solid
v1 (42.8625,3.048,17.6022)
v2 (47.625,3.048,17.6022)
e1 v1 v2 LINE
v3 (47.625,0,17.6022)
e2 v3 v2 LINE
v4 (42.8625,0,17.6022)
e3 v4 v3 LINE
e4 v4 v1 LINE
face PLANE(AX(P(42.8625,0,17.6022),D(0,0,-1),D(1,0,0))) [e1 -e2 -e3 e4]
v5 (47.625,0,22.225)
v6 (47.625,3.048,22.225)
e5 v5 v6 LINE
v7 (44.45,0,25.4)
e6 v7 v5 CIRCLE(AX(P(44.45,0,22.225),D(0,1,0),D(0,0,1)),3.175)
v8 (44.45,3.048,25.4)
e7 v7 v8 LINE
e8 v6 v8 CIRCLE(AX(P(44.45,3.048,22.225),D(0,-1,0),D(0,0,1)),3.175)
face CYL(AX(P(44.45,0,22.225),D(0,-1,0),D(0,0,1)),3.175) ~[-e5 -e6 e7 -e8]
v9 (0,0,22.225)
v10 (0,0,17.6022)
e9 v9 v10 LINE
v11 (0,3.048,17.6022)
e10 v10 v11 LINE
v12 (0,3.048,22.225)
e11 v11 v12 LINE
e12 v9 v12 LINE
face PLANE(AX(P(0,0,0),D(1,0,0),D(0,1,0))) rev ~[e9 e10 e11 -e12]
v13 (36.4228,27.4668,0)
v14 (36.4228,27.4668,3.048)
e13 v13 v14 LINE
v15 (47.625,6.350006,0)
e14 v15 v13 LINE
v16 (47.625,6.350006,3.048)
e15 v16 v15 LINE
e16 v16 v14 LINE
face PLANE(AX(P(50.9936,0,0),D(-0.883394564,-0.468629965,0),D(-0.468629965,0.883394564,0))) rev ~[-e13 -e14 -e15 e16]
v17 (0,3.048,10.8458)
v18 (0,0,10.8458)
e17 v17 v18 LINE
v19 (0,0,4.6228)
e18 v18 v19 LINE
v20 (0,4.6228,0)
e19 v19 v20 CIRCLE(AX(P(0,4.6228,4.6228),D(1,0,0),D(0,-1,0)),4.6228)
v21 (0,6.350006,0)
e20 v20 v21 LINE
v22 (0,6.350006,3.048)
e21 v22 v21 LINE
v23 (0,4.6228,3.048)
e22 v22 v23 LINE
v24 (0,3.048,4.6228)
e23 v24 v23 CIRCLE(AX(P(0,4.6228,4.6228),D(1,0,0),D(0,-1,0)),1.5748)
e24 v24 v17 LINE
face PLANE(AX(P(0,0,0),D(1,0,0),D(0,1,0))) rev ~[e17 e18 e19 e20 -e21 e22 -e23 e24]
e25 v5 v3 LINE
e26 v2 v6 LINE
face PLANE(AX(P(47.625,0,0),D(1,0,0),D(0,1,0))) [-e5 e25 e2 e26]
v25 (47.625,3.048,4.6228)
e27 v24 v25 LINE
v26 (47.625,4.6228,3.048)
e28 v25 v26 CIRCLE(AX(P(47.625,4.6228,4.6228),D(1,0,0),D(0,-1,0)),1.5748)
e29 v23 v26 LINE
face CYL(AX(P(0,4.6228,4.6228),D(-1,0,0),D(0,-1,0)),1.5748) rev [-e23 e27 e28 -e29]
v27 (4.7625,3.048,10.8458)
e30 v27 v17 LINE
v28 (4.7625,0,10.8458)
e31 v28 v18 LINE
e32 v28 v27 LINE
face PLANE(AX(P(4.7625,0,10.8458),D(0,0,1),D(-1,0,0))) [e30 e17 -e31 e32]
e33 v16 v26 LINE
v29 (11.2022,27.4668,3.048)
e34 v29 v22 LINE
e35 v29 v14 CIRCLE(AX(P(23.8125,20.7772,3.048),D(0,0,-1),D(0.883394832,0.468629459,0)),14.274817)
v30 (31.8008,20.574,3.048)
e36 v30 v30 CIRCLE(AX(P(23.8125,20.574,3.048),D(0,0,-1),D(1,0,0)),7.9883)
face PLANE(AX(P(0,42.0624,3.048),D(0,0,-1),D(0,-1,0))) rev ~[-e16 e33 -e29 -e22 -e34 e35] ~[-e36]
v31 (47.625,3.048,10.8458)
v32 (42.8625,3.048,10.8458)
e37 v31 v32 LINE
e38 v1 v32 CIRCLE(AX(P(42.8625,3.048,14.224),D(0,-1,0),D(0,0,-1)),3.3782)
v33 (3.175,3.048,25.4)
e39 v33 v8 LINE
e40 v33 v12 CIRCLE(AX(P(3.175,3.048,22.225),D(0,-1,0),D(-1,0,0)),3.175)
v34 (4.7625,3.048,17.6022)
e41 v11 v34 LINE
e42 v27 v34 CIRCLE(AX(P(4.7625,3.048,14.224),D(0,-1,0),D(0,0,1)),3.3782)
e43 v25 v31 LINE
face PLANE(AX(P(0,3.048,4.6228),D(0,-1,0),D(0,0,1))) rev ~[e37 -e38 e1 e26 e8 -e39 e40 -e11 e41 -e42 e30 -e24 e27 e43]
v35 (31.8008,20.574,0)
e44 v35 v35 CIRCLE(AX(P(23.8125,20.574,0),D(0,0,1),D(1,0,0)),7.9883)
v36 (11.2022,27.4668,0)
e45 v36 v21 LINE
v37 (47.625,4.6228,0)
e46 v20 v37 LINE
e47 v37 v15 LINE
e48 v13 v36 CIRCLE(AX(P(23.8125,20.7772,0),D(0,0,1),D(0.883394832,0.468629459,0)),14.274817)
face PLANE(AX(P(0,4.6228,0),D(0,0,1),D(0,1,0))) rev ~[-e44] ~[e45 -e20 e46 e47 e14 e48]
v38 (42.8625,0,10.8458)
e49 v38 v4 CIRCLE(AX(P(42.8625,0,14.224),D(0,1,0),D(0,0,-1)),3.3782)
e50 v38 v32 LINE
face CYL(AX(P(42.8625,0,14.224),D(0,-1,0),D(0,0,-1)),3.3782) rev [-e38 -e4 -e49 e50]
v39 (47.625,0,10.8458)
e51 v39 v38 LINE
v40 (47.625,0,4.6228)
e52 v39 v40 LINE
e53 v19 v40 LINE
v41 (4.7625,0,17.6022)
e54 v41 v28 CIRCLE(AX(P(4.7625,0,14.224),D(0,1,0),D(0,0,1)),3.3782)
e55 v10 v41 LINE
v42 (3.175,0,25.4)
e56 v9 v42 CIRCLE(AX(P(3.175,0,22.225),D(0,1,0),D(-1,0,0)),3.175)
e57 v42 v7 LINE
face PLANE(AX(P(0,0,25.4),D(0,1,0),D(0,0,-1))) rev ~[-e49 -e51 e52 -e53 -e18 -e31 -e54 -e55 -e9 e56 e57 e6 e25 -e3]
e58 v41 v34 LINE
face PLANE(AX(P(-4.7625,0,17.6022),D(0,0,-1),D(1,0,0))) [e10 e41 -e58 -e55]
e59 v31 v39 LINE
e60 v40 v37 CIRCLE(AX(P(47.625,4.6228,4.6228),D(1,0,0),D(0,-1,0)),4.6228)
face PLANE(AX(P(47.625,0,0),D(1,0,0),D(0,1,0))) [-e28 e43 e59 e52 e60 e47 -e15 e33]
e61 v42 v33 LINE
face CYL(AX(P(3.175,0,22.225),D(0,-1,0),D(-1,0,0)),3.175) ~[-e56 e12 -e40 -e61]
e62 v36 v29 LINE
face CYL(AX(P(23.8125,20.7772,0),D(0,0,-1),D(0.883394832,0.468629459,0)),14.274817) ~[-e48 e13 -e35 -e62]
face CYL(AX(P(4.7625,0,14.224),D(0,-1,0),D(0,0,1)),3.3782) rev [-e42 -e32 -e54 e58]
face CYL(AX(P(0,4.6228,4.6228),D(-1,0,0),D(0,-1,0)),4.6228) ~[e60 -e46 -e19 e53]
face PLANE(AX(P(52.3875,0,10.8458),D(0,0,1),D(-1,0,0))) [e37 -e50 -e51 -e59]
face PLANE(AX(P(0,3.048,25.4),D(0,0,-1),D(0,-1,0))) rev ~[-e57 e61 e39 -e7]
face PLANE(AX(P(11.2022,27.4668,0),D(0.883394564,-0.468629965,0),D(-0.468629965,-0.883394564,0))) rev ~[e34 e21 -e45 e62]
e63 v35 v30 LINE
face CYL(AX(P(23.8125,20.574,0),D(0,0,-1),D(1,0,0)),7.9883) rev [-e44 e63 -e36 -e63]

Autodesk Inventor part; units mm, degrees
sketch "Sketch_1" plane through (0, 0, 0) normal (1, 0, 0) x (0, 1, 0)
  line L0 (0, 25.4) -> (0, 4.6228)
  arc A0 (0, 4.6228) -> (4.6228, 0) centre (4.6228, 4.6228) ccw
  line L1 (4.6228, 0) -> (42.0624, 0)
  line L2 (42.0624, 0) -> (42.0624, 3.048)
  line L3 (42.0624, 3.048) -> (4.6228, 3.048)
  arc A1 (3.048, 4.6228) -> (4.6228, 3.048) centre (4.6228, 4.6228) ccw
  line L4 (3.048, 4.6228) -> (3.048, 25.4)
  line L5 (3.048, 25.4) -> (0, 25.4)
extrude "Extrusion1" add sketch "Sketch_1" along normal blind 47.625
sketch "Sketch_2" plane through (0, 0, 0) normal (0, 0, 1) x (1, 0, 0)
  line L0 (-9.525, -3.5052) -> (57.15, -3.5052)
  line L1 (57.15, -3.5052) -> (57.15, 56.0832)
  line L2 (57.15, 56.0832) -> (-9.525, 56.0832)
  line L3 (-9.525, 56.0832) -> (-9.525, -3.5052)
  line L4 (-3.3686, 0) -> (50.9936, 0)
  line L5 (50.9936, 0) -> (36.4228, 27.4668)
  arc A0 (36.4228, 27.4668) -> (11.2022, 27.4668) centre (23.8125, 20.7772) ccw
  line L6 (11.2022, 27.4668) -> (-3.3686, 0)
extrude "Extrusion2" cut sketch "Sketch_2" along normal blind 4.572
sketch "Sketch_3" plane through (0, 0, 0) normal (0, 0, 1) x (1, 0, 0)
  circle A0 centre (23.8125, 20.574) radius 7.9883
extrude "Extrusion3" cut sketch "Sketch_3" along normal blind 4.572
sketch "Sketch_6" plane through (0, 0, 0) normal (0, 1, 0) x (-1, 0, 0)
  line L0 (23.8125, 22.225) -> (23.8125, 32.512)
  line L1 (23.8125, 32.512) -> (-3.175, 32.512)
  line L2 (-3.175, 32.512) -> (-3.175, 25.4)
  arc A0 (0, 22.225) -> (-3.175, 25.4) centre (-3.175, 22.225) ccw
  line L3 (0, 22.225) -> (23.8125, 22.225)
extrude "Extrusion4" cut sketch "Sketch_6" along normal blind 4.572
sketch "Sketch_7" plane through (0, 0, 0) normal (0, 1, 0) x (-1, 0, 0)
  line L0 (-44.45, 32.512) -> (-71.4375, 32.512)
  line L1 (-71.4375, 32.512) -> (-71.4375, 22.225)
  line L2 (-71.4375, 22.225) -> (-47.625, 22.225)
  arc A0 (-44.45, 25.4) -> (-47.625, 22.225) centre (-44.45, 22.225) ccw
  line L3 (-44.45, 25.4) -> (-44.45, 32.512)
extrude "Extrusion5" cut sketch "Sketch_7" along normal blind 4.572
sketch "Sketch_8" plane through (0, 0, 0) normal (0, 1, 0) x (-1, 0, 0)
  line L0 (4.7625, 17.6022) -> (-4.7625, 17.6022)
  arc A0 (-4.7625, 17.6022) -> (-4.7625, 10.8458) centre (-4.7625, 14.224) ccw
  line L1 (-4.7625, 10.8458) -> (4.7625, 10.8458)
  line L2 (4.7625, 10.8458) -> (4.7625, 17.6022)
extrude "Extrusion6" cut sketch "Sketch_8" along normal blind 4.572
sketch "Sketch_9" plane through (0, 0, 0) normal (0, 1, 0) x (-1, 0, 0)
  arc A0 (-42.8625, 10.8458) -> (-42.8625, 17.6022) centre (-42.8625, 14.224) ccw
  line L0 (-42.8625, 17.6022) -> (-52.3875, 17.6022)
  line L1 (-52.3875, 17.6022) -> (-52.3875, 10.8458)
  line L2 (-52.3875, 10.8458) -> (-42.8625, 10.8458)
extrude "Extrusion7" cut sketch "Sketch_9" along normal blind 4.572
ref_plane "h1_XY" through (23.8125, 0, 25.4) normal (1, 0, 0) x (0, 0, -1)
ref_plane "h1_YZ" through (23.8125, 0, 25.4) normal (0, 0, -1) x (0, 1, 0)
ref_plane "h1_ZX" through (23.8125, 0, 25.4) normal (0, 1, 0) x (1, 0, 0)
ref_plane "d1_XY" through (23.8125, 12.5857, 0) normal (1, 0, 0) x (0, 0, -1)
ref_plane "d1_YZ" through (23.8125, 12.5857, 0) normal (0, 0, -1) x (0, 1, 0)
ref_plane "d1_ZX" through (23.8125, 12.5857, 0) normal (0, 1, 0) x (1, 0, 0)
ref_plane "h2_XY" through (23.8125, 3.048, 25.4) normal (1, 0, 0) x (0, 0, -1)
ref_plane "h2_YZ" through (23.8125, 3.048, 25.4) normal (0, 0, -1) x (0, 1, 0)
ref_plane "h2_ZX" through (23.8125, 3.048, 25.4) normal (0, 1, 0) x (1, 0, 0)
ref_plane "d2_XY" through (23.8125, 28.5623, 0) normal (1, 0, 0) x (0, 0, -1)
ref_plane "d2_YZ" through (23.8125, 28.5623, 0) normal (0, 0, -1) x (0, 1, 0)
ref_plane "d2_ZX" through (23.8125, 28.5623, 0) normal (0, 1, 0) x (1, 0, 0)
ref_plane "h3_XY" through (23.8125, 20.574, 3.048) normal (1, 0, 0) x (0, 0, -1)
ref_plane "h3_YZ" through (23.8125, 20.574, 3.048) normal (0, 0, -1) x (0, 1, 0)
ref_plane "h3_ZX" through (23.8125, 20.574, 3.048) normal (0, 1, 0) x (1, 0, 0)
ref_plane "h4_XY" through (23.8125, 35.052, 3.048) normal (1, 0, 0) x (0, 0, -1)
ref_plane "h4_YZ" through (23.8125, 35.052, 3.048) normal (0, 0, -1) x (0, 1, 0)
ref_plane "h4_ZX" through (23.8125, 35.052, 3.048) normal (0, 1, 0) x (1, 0, 0)
ref_plane "h5_XY" through (47.625, 6.35, 0) normal (1, 0, 0) x (0, 0, -1)
ref_plane "h5_YZ" through (47.625, 6.35, 0) normal (0, 0, -1) x (0, 1, 0)
ref_plane "h5_ZX" through (47.625, 6.35, 0) normal (0, 1, 0) x (1, 0, 0)
ref_plane "h6_XY" through (47.625, 0, 0) normal (1, 0, 0) x (0, 0, -1)
ref_plane "h6_YZ" through (47.625, 0, 0) normal (0, 0, -1) x (0, 1, 0)
ref_plane "h6_ZX" through (47.625, 0, 0) normal (0, 1, 0) x (1, 0, 0)
ref_plane "l1_XY" through (0, 0, 0) normal (0, 1, 0) x (1, 0, 0)
ref_plane "l1_YZ" through (0, 0, 0) normal (1, 0, 0) x (0, 0, -1)
ref_plane "l1_ZX" through (0, 0, 0) normal (0, 0, -1) x (0, 1, 0)
ref_plane "l2_XY" through (47.625, 0, 0) normal (0, 1, 0) x (1, 0, 0)
ref_plane "l2_YZ" through (47.625, 0, 0) normal (1, 0, 0) x (0, 0, -1)
ref_plane "l2_ZX" through (47.625, 0, 0) normal (0, 0, -1) x (0, 1, 0)
ref_plane "l3_XY" through (0, 0, 25.4) normal (0, 1, 0) x (1, 0, 0)
ref_plane "l3_YZ" through (0, 0, 25.4) normal (1, 0, 0) x (0, 0, -1)
ref_plane "l3_ZX" through (0, 0, 25.4) normal (0, 0, -1) x (0, 1, 0)
ref_plane "l4_XY" through (0, 0, 14.224) normal (0, 1, 0) x (1, 0, 0)
ref_plane "l4_YZ" through (0, 0, 14.224) normal (1, 0, 0) x (0, 0, -1)
ref_plane "l4_ZX" through (0, 0, 14.224) normal (0, 0, -1) x (0, 1, 0)
ref_plane "l5_XY" through (4.7625, 0, 14.224) normal (0, 1, 0) x (1, 0, 0)
ref_plane "l5_YZ" through (4.7625, 0, 14.224) normal (1, 0, 0) x (0, 0, -1)
ref_plane "l5_ZX" through (4.7625, 0, 14.224) normal (0, 0, -1) x (0, 1, 0)
ref_plane "l6_XY" through (42.8625, 0, 14.224) normal (0, 1, 0) x (1, 0, 0)
ref_plane "l6_YZ" through (42.8625, 0, 14.224) normal (1, 0, 0) x (0, 0, -1)
ref_plane "l6_ZX" through (42.8625, 0, 14.224) normal (0, 0, -1) x (0, 1, 0)
ref_plane "l7_XY" through (42.8625, 0, 17.6022) normal (0, 1, 0) x (1, 0, 0)
ref_plane "l7_YZ" through (42.8625, 0, 17.6022) normal (1, 0, 0) x (0, 0, -1)
ref_plane "l7_ZX" through (42.8625, 0, 17.6022) normal (0, 0, -1) x (0, 1, 0)
ref_plane "l8_XY" through (42.8625, 0, 10.8458) normal (0, 1, 0) x (1, 0, 0)
ref_plane "l8_YZ" through (42.8625, 0, 10.8458) normal (1, 0, 0) x (0, 0, -1)
ref_plane "l8_ZX" through (42.8625, 0, 10.8458) normal (0, 0, -1) x (0, 1, 0)
ref_plane "mounting_bracket_XY" through (23.8125, 20.574, 3.048) normal (0, 0, 1) x (1, 0, 0)
ref_plane "mounting_bracket_YZ" through (23.8125, 20.574, 3.048) normal (1, 0, 0) x (0, 1, 0)
ref_plane "mounting_bracket_ZX" through (23.8125, 20.574, 3.048) normal (0, 1, 0) x (0, 0, 1)
ref_plane "mounting_bracket_1_XY" through (23.8125, 20.574, 0) normal (0, 0, 1) x (1, 0, 0)
ref_plane "mounting_bracket_1_YZ" through (23.8125, 20.574, 0) normal (1, 0, 0) x (0, 1, 0)
ref_plane "mounting_bracket_1_ZX" through (23.8125, 20.574, 0) normal (0, 1, 0) x (0, 0, 1)
properties part number "D-129"
